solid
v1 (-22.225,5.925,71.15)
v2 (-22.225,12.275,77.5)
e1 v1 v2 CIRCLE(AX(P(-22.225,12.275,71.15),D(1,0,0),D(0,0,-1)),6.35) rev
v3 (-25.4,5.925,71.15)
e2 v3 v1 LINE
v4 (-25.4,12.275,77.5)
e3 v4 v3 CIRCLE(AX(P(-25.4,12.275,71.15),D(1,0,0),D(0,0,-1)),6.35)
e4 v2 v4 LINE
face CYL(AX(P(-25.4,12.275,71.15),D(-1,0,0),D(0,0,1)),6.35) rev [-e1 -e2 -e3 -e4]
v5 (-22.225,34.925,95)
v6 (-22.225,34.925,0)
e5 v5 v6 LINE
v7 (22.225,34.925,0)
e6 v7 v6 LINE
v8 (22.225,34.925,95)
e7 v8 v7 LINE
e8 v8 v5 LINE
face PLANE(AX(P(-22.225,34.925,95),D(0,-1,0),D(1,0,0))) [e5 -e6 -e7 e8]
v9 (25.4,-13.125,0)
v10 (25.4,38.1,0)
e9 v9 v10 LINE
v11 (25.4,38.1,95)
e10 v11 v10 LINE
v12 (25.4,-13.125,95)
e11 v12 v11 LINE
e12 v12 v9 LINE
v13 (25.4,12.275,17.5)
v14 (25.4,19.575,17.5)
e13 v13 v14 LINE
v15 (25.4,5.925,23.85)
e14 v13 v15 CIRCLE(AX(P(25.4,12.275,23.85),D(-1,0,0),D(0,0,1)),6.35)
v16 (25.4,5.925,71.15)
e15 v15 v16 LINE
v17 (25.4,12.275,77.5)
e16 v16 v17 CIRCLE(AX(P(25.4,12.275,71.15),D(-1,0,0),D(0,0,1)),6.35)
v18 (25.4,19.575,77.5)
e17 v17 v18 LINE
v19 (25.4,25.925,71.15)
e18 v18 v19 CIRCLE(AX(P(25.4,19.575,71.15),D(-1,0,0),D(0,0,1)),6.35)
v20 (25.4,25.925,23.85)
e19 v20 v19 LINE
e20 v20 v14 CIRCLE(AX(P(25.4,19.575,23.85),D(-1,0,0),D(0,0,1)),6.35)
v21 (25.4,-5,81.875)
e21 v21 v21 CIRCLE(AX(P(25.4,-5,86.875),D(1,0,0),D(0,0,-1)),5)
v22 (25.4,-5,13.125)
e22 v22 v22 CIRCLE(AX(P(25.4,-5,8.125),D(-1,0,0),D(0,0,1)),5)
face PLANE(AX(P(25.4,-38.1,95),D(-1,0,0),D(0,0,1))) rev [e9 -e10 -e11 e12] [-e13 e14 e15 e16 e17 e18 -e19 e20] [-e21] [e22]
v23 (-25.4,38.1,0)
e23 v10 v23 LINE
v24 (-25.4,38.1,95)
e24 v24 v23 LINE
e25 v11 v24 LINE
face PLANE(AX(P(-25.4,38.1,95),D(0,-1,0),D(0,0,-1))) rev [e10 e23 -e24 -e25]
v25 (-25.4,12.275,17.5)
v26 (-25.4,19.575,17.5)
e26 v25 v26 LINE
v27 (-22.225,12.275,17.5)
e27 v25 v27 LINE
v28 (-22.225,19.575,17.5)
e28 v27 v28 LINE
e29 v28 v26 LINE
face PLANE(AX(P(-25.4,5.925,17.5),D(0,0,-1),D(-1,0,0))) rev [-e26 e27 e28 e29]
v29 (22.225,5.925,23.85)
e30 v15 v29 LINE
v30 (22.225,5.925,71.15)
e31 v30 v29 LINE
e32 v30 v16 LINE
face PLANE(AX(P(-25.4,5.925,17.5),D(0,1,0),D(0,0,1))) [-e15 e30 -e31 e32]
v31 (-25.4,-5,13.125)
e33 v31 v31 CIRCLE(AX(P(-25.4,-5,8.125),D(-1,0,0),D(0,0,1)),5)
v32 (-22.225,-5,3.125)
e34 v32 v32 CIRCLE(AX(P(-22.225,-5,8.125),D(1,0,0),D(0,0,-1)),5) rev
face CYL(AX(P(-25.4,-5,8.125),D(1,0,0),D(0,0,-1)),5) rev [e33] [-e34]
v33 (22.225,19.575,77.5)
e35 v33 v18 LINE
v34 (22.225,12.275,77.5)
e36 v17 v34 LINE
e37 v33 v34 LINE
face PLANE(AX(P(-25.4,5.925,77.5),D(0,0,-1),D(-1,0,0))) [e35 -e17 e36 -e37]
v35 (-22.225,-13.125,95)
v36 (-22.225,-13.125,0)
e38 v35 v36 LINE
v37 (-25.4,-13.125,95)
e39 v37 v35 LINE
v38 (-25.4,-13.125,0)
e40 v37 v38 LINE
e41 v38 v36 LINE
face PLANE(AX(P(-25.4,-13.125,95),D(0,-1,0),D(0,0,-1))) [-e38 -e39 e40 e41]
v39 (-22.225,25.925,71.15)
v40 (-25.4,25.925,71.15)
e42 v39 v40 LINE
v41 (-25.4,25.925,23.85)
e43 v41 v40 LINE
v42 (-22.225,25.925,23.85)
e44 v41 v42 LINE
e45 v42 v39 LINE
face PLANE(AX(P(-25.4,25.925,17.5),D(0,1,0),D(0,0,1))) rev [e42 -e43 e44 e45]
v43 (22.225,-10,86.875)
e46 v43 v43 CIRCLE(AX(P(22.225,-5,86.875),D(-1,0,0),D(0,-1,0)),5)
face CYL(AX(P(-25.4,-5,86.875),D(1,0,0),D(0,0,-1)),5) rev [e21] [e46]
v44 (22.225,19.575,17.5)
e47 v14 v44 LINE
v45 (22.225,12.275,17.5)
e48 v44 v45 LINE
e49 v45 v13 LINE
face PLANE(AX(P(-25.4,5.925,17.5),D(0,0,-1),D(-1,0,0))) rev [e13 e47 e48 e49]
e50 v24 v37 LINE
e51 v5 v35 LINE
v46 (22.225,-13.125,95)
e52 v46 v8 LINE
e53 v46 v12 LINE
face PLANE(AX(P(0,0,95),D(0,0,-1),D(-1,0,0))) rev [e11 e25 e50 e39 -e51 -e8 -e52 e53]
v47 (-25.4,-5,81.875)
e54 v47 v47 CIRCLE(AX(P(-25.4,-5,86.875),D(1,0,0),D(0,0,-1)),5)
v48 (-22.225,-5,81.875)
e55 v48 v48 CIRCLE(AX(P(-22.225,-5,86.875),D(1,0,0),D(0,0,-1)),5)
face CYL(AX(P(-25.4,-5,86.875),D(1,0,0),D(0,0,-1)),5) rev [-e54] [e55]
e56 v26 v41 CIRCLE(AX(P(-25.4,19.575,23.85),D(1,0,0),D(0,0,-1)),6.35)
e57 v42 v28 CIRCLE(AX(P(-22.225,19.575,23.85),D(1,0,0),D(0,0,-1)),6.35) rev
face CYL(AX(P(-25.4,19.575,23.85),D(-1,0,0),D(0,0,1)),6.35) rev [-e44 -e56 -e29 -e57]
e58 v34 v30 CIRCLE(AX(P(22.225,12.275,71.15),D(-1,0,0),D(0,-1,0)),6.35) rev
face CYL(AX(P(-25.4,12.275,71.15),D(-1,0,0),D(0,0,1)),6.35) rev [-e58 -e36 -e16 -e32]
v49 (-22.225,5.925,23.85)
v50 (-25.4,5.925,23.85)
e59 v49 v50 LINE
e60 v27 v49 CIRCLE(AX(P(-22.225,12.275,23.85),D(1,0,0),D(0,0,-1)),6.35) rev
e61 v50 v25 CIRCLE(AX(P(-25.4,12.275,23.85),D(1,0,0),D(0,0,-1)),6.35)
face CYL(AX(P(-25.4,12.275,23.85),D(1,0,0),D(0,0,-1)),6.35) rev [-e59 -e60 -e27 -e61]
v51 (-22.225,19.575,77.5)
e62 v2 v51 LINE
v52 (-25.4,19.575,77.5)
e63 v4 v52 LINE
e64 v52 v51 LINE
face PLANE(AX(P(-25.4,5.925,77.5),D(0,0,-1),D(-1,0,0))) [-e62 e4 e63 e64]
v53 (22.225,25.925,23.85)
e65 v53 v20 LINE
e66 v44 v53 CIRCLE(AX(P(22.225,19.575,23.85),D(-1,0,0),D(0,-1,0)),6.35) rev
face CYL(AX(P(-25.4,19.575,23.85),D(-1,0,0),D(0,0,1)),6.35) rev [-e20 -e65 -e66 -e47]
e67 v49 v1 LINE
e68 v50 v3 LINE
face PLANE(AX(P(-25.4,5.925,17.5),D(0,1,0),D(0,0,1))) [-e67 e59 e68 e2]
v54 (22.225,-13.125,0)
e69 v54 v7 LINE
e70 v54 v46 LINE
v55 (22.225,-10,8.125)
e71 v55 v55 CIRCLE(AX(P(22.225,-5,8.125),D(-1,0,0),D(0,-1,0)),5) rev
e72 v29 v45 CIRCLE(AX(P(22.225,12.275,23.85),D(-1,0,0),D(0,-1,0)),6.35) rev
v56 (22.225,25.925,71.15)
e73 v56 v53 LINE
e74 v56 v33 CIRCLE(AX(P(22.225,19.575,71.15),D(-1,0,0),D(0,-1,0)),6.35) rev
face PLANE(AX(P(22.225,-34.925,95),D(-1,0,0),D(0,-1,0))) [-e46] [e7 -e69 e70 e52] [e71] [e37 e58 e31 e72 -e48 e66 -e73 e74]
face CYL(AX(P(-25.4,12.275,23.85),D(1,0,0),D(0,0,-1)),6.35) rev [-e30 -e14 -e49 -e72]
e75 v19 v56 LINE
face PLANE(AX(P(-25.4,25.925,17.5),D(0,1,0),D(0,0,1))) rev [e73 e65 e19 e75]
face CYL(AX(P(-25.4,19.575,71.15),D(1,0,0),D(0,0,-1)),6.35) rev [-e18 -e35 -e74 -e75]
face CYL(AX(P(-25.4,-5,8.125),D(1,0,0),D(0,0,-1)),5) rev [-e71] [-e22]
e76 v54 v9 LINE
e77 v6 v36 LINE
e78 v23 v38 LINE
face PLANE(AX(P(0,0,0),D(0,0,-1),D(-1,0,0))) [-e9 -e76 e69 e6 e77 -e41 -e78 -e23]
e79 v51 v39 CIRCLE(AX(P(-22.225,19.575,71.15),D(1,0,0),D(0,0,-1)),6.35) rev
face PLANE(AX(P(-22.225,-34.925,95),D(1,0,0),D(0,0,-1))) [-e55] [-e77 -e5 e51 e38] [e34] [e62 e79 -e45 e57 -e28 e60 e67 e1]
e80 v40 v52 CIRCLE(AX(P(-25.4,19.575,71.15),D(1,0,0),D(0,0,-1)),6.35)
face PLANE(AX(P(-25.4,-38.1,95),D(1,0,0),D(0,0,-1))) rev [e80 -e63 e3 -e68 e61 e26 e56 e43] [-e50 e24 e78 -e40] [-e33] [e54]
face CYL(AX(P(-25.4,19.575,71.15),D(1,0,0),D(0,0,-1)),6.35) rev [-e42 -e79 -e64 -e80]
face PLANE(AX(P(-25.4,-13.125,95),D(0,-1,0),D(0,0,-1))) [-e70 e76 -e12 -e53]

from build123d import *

# Parameters (mm, degrees)
SKETCH1_W               = 50.8
SKETCH1_H               = 76.2
SKETCH1_W_2             = 44.45
SKETCH1_H_2             = 69.85
BOSS_EXTRUDE1_DEPTH     = 95
CUT_EXTRUDE2_DEPTH      = 106.459802769
CUT_EXTRUDE2_DEPTH_BACK = 106.459802769
SKETCH3_R               = 5
SKETCH3_W               = 95
SKETCH3_H               = 24.975
SKETCH3_W_2             = 60
SKETCH3_H_2             = 20
FILLET2_R               = 6.35


with BuildPart() as part:
    # Sketch1 → Boss-Extrude1 (new body)
    with BuildSketch(Plane.XY):
        Rectangle(SKETCH1_W, SKETCH1_H)
        Rectangle(SKETCH1_W_2, SKETCH1_H_2, mode=Mode.SUBTRACT)
    extrude(amount=BOSS_EXTRUDE1_DEPTH)

    # Sketch3 → Cut-Extrude2 (cut, two sides: drawn at the far end of the back side and taken through both)
    with BuildSketch(Plane(origin=(0, 0, 0), x_dir=(0, 0, -1), z_dir=(1, 0, 0)).offset(-CUT_EXTRUDE2_DEPTH_BACK)):
        with Locations((-86.875, -5)):
            Circle(SKETCH3_R)
        with Locations(Location((-8.125, -5, 0), (0, 0, 270))):
            Circle(SKETCH3_R)
        with Locations((-47.5, -25.6125)):
            Rectangle(SKETCH3_W, SKETCH3_H)
        with Locations((-47.5, 15.925)):
            Rectangle(SKETCH3_W_2, SKETCH3_H_2)
    extrude(amount=CUT_EXTRUDE2_DEPTH + CUT_EXTRUDE2_DEPTH_BACK, mode=Mode.SUBTRACT)

    # Fillet2
    fillet2_edges = [part.edges().sort_by_distance(p)[0] for p in [
        (-23.8125, 25.925, 17.5),
        (-23.8125, 5.925, 17.5),
        (-23.8125, 5.925, 77.5),
        (-23.8125, 25.925, 77.5),
        (23.8125, 25.925, 17.5),
        (23.8125, 5.925, 17.5),
        (23.8125, 5.925, 77.5),
        (23.8125, 25.925, 77.5),
    ]]
    fillet(fillet2_edges, radius=FILLET2_R)


solid = part.part
